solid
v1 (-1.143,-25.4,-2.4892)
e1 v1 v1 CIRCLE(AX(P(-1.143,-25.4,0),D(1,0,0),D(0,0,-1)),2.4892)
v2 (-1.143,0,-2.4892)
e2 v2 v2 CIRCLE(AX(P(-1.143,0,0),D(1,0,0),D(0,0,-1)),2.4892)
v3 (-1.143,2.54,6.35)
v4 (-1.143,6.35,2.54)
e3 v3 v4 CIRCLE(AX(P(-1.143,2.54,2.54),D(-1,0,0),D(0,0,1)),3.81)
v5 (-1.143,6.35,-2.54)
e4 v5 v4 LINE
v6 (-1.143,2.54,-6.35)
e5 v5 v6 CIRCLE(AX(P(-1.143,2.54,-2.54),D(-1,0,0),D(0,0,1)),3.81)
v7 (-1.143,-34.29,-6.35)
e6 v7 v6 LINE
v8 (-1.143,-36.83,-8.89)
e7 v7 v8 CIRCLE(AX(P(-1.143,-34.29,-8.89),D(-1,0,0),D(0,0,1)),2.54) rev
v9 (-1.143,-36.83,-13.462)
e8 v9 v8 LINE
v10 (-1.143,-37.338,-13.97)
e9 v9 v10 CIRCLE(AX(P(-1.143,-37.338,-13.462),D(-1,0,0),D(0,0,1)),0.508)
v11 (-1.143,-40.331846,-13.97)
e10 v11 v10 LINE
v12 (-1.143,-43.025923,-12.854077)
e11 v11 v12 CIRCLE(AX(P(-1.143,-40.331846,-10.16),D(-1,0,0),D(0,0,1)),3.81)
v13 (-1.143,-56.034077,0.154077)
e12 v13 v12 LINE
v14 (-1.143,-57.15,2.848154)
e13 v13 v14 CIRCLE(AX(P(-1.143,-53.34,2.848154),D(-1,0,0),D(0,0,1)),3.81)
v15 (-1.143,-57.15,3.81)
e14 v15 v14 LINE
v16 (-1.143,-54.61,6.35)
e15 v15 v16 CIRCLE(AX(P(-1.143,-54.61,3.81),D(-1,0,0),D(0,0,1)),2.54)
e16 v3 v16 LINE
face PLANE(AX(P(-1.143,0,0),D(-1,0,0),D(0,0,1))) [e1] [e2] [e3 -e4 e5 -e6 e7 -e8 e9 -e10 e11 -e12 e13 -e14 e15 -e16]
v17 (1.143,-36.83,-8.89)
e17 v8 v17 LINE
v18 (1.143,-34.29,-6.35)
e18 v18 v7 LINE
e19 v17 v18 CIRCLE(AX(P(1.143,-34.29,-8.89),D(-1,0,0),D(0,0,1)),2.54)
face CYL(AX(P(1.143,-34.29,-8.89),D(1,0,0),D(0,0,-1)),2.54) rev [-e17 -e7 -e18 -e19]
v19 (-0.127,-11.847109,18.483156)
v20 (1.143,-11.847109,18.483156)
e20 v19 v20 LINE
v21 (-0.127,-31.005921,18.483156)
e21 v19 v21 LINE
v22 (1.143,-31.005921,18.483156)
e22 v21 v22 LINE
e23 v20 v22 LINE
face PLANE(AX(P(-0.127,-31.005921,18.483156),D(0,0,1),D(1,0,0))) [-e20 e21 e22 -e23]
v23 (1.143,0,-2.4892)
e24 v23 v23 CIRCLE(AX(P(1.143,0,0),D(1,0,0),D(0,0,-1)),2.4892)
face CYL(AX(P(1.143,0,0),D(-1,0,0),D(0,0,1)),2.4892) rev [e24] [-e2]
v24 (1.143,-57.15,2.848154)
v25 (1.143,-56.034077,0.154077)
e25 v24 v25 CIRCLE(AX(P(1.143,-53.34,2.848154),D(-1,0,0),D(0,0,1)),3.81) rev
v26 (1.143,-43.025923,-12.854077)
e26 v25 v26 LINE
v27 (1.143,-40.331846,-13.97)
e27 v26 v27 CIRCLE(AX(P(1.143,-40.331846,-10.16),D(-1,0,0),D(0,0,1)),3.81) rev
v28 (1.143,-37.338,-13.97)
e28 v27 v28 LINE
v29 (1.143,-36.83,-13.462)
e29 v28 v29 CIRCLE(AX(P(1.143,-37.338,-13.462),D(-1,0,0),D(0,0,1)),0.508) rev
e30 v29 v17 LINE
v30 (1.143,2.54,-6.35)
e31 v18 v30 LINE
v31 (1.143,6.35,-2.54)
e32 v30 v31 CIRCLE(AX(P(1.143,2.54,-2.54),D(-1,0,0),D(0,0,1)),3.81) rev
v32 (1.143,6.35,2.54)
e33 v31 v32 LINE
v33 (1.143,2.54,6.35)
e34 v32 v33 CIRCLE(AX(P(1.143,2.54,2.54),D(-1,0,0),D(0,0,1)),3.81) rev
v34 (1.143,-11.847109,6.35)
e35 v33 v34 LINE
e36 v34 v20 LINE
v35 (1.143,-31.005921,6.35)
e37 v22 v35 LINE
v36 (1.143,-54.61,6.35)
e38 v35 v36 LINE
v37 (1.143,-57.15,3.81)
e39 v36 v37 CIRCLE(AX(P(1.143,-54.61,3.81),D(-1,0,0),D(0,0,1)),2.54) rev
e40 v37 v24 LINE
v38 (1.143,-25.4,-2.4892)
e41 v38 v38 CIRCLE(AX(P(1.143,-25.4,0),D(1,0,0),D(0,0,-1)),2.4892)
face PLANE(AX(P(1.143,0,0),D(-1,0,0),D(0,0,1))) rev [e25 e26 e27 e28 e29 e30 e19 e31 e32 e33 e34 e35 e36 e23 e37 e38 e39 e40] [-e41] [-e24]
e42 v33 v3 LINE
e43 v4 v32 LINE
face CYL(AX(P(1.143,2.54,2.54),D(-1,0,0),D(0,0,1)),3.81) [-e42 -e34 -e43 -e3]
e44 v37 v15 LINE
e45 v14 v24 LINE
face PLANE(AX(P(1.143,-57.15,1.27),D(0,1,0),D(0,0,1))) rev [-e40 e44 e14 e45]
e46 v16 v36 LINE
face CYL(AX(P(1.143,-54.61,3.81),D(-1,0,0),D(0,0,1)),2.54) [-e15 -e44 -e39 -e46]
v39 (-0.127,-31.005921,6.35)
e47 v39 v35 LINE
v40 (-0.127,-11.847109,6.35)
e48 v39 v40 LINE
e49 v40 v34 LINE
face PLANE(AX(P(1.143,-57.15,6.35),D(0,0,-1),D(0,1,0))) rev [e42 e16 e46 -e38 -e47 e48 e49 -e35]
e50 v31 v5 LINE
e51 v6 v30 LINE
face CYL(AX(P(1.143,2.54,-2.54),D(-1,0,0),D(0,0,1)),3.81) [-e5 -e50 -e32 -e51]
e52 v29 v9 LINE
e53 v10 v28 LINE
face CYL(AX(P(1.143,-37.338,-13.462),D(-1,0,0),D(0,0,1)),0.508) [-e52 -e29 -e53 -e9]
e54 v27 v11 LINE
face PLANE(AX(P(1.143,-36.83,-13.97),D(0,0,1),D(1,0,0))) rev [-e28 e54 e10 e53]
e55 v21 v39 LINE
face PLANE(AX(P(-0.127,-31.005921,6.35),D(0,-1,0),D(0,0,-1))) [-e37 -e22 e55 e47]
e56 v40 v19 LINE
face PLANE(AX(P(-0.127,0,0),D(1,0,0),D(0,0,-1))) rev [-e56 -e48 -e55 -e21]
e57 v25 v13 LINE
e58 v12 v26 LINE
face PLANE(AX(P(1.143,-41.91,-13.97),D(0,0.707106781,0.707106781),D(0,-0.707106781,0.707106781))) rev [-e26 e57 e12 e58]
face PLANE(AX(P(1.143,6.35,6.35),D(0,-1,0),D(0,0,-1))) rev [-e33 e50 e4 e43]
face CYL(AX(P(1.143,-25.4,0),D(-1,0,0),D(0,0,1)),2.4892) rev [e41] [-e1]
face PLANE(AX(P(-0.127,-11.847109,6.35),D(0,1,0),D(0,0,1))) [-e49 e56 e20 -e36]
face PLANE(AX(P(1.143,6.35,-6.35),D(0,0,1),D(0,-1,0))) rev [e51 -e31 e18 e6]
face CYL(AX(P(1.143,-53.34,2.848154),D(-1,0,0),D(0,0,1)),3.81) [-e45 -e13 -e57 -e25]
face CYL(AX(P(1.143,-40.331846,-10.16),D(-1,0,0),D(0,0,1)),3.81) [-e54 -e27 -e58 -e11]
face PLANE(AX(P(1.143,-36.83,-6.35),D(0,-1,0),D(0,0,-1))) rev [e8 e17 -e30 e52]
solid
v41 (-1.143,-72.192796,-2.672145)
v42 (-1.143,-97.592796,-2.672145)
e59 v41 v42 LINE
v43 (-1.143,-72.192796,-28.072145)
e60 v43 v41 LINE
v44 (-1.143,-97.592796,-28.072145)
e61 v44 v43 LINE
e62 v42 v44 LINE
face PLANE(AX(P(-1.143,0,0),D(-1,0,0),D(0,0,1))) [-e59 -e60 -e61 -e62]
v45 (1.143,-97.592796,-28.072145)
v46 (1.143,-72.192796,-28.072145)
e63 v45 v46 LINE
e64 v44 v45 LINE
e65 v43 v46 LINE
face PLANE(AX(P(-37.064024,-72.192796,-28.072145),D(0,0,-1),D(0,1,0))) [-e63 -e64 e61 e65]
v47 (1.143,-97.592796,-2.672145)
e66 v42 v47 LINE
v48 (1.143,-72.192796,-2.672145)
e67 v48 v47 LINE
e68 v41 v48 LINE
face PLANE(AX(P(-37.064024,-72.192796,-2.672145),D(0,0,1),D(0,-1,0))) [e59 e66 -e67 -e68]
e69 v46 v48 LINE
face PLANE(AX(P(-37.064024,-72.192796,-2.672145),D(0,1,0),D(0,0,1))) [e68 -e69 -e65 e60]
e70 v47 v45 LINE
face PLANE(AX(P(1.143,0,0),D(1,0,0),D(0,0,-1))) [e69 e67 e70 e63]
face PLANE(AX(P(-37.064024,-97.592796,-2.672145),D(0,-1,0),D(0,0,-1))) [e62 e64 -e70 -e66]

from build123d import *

# Parameters (mm, degrees)
SKETCH1_R           = 2.4892
BOSS_EXTRUDE1_DEPTH = 1.143
FILLET1_R           = 2.54
FILLET2_R           = 0.508
FILLET3_R           = 3.81
FILLET4_R           = 2.54
SKETCH4_W           = 25.4
SKETCH4_H           = 25.4
BOSS_EXTRUDE4_DEPTH = 2.286
SKETCH5_W           = 12.133155836
SKETCH5_H           = 19.15881217
BOSS_EXTRUDE5_DEPTH = 1.27


with BuildPart() as part:
    # Sketch1 → Boss-Extrude1 (new, symmetric)
    with BuildSketch(Plane(origin=(0, 0, 0), x_dir=(0, 0, -1), z_dir=(1, 0, 0))):
        Polygon((-6.35, -57.15), (-6.35, 6.35), (6.35, 6.35), (6.35, -36.83), (13.97, -36.83), (13.97, -41.91), (-1.27, -57.15), align=None)
        Circle(SKETCH1_R, mode=Mode.SUBTRACT)
        with Locations((0, -25.4)):
            Circle(SKETCH1_R, mode=Mode.SUBTRACT)
    extrude(amount=BOSS_EXTRUDE1_DEPTH, both=True)

    # Fillet1
    fillet1_edges = [part.edges().sort_by_distance(p)[0] for p in [
        (0, -36.83, -6.35),
    ]]
    fillet(fillet1_edges, radius=FILLET1_R)

    # Fillet2
    fillet2_edges = [part.edges().sort_by_distance(p)[0] for p in [
        (0, -36.83, -13.97),
    ]]
    fillet(fillet2_edges, radius=FILLET2_R)

    # Fillet3
    fillet3_edges = [part.edges().sort_by_distance(p)[0] for p in [
        (0, 6.35, -6.35),
        (0, -41.91, -13.97),
        (0, -57.15, 1.27),
        (0, 6.35, 6.35),
    ]]
    fillet(fillet3_edges, radius=FILLET3_R)

    # Fillet4
    fillet4_edges = [part.edges().sort_by_distance(p)[0] for p in [
        (0, -57.15, 6.35),
    ]]
    fillet(fillet4_edges, radius=FILLET4_R)

    # Sketch5 → Boss-Extrude5 (add)
    with BuildSketch(Plane(origin=(1.143, 0, 0), x_dir=(0, 0, -1), z_dir=(1, 0, 0))):
        with Locations((-12.416577918, -21.426514681)):
            Rectangle(SKETCH5_W, SKETCH5_H)
    extrude(amount=-BOSS_EXTRUDE5_DEPTH)


with BuildPart() as body_2:
    # Sketch4 → Boss-Extrude4 (new body)
    with BuildSketch(Plane(origin=(1.143, 0, 0), x_dir=(0, 0, -1), z_dir=(1, 0, 0))):
        with Locations((15.372144996, -84.89279632)):
            Rectangle(SKETCH4_W, SKETCH4_H)
    extrude(amount=-BOSS_EXTRUDE4_DEPTH)


solid = Compound([part.part, body_2.part])
